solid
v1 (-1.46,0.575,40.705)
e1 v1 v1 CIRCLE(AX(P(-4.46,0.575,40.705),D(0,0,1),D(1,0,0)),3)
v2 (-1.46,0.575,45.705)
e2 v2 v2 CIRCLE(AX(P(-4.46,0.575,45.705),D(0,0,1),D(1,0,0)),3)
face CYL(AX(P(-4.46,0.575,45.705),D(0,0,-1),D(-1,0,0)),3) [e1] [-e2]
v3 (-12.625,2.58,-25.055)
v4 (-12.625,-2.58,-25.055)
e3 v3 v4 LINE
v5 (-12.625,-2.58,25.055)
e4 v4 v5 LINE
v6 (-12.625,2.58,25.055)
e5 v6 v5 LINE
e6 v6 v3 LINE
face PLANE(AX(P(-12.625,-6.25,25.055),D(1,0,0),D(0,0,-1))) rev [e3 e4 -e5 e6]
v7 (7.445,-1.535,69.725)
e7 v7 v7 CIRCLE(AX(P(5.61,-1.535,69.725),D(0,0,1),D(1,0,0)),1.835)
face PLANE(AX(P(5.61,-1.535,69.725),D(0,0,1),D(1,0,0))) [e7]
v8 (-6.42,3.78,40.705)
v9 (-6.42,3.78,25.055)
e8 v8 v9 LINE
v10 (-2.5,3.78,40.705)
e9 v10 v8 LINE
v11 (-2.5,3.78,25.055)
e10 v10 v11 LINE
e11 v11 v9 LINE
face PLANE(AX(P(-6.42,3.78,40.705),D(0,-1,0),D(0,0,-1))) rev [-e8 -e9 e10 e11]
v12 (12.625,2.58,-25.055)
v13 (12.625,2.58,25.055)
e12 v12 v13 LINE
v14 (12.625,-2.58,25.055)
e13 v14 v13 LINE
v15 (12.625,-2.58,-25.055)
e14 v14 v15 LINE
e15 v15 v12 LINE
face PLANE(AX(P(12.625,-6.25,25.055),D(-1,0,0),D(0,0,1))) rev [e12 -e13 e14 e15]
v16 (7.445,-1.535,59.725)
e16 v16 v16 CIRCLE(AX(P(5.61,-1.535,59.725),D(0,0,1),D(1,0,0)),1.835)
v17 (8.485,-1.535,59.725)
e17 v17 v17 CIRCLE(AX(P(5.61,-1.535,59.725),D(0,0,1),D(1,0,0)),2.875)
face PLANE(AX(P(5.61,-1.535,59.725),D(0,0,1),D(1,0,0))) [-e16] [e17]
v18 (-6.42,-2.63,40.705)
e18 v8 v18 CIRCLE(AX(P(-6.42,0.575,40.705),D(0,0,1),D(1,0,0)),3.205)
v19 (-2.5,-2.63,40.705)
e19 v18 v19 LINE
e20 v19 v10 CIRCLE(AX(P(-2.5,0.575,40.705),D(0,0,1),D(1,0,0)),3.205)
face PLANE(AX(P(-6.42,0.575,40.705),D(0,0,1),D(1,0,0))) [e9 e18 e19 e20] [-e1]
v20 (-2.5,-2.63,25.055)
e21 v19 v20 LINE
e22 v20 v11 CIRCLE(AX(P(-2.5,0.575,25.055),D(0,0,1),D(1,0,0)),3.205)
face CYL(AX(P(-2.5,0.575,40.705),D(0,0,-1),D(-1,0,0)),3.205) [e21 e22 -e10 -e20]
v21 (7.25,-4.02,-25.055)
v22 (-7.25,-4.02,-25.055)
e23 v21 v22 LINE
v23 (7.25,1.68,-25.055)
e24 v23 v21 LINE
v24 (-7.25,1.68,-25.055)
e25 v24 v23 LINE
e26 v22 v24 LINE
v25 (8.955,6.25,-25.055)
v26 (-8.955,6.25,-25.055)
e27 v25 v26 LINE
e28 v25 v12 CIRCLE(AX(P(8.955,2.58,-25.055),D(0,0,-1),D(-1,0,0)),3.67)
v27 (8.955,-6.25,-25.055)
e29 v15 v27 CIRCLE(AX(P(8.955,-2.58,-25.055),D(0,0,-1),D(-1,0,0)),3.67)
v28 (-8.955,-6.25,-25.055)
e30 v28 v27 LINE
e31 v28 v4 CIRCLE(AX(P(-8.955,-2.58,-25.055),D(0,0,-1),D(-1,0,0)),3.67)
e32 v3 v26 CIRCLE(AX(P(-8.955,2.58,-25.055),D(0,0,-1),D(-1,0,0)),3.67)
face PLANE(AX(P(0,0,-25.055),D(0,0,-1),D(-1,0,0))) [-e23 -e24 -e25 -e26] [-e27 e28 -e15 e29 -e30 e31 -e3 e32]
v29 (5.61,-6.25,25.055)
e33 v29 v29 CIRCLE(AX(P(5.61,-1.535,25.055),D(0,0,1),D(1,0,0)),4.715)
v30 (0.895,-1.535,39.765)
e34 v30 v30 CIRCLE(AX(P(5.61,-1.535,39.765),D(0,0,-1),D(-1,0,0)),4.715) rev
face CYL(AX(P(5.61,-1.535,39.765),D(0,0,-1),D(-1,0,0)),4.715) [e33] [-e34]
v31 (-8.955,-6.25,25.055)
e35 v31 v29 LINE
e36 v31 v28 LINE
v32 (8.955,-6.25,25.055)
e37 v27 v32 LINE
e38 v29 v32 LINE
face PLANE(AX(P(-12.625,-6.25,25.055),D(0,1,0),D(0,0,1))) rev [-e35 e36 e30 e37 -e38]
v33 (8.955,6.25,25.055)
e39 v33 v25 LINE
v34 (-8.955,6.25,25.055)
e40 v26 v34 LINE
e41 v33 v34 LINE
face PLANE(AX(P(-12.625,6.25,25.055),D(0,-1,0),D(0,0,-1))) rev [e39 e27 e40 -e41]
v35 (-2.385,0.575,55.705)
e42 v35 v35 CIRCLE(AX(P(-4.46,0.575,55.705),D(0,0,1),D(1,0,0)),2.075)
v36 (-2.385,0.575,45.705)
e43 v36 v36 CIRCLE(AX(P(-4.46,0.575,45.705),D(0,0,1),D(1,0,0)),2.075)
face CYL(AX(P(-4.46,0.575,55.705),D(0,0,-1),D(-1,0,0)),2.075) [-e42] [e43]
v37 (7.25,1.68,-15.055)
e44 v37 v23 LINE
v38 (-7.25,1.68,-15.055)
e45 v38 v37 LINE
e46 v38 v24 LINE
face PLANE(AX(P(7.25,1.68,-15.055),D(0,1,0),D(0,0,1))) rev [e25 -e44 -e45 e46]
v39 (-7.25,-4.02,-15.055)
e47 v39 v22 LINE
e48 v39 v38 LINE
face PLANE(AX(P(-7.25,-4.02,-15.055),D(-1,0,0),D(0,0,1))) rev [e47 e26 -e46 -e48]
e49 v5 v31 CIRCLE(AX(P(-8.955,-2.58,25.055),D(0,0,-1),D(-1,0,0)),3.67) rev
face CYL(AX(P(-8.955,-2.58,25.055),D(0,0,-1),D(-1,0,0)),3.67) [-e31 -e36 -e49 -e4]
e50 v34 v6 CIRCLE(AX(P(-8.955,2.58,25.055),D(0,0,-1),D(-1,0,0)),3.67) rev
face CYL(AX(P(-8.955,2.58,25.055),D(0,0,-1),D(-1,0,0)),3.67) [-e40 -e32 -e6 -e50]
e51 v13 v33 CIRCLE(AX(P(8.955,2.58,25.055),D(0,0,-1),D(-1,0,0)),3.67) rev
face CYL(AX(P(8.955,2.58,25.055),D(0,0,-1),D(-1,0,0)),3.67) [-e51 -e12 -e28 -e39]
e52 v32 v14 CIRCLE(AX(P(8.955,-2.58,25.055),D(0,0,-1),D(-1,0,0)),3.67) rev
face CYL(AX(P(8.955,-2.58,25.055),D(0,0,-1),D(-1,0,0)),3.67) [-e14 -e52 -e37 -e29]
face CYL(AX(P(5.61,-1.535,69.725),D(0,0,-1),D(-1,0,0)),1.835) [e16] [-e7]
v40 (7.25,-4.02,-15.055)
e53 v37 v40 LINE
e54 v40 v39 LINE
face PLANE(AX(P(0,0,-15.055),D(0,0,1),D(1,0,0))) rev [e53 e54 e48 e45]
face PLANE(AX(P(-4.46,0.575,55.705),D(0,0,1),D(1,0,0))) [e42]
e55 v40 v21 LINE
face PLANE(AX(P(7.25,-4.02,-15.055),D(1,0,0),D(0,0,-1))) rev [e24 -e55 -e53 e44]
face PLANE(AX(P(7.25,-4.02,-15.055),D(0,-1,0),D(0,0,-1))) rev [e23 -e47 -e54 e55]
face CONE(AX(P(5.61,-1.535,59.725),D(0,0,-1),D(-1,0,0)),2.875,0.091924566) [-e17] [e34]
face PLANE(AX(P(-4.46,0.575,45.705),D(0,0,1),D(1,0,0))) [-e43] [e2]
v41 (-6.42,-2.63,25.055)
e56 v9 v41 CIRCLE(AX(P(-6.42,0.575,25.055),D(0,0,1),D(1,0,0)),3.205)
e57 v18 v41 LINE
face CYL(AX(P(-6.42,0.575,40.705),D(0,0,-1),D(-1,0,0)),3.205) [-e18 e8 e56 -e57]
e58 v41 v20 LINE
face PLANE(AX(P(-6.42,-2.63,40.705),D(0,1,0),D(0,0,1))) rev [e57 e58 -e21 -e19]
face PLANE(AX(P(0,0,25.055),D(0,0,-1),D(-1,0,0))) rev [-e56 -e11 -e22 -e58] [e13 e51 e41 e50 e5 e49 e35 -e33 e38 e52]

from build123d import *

# Parameters (mm, degrees)
SKETCH1_W           = 25.25
SKETCH1_H           = 12.5
BOSS_EXTRUDE1_DEPTH = 25.055
SKETCH2_W           = 14.5
SKETCH2_H           = 5.7
CUT_EXTRUDE1_DEPTH  = 10
BOSS_EXTRUDE2_DEPTH = 15.65
SKETCH4_R           = 4.715
BOSS_EXTRUDE3_DEPTH = 14.71
SKETCH5_R           = 2.875
SKETCH6_R           = 1.835
BOSS_EXTRUDE4_DEPTH = 10
SKETCH7_R           = 3
BOSS_EXTRUDE5_DEPTH = 5
SKETCH8_R           = 2.075
BOSS_EXTRUDE6_DEPTH = 10
FILLET1_R           = 3.67


with BuildPart() as part:
    # Sketch1 → Boss-Extrude1 (new, symmetric)
    with BuildSketch(Plane.XY):
        Rectangle(SKETCH1_W, SKETCH1_H)
    extrude(amount=BOSS_EXTRUDE1_DEPTH, both=True)

    # Sketch2 → Cut-Extrude1 (cut)
    with BuildSketch(Plane(origin=(0, 0, -25.055), x_dir=(-1, 0, 0), z_dir=(0, 0, -1))):
        with Locations((0, -1.17)):
            Rectangle(SKETCH2_W, SKETCH2_H)
    extrude(amount=-CUT_EXTRUDE1_DEPTH, mode=Mode.SUBTRACT)

    # Sketch3 → Boss-Extrude2 (add)
    with BuildSketch(Plane.XY.offset(25.055)):
        with BuildLine():
            Line((-6.42, 3.78), (-2.5, 3.78))
            ThreePointArc((-2.5, 3.78), (0.705, 0.575), (-2.5, -2.63))
            Line((-2.5, -2.63), (-6.42, -2.63))
            ThreePointArc((-6.42, -2.63), (-9.625, 0.575), (-6.42, 3.78))
        make_face()
    extrude(amount=BOSS_EXTRUDE2_DEPTH)

    # Sketch4 → Boss-Extrude3 (add)
    with BuildSketch(Plane.XY.offset(25.055)):
        with Locations(Location((5.61, -1.535, 0), (0, 0, 270))):
            Circle(SKETCH4_R)
    extrude(amount=BOSS_EXTRUDE3_DEPTH)

    # Sketch5 → section 1 of loft1
    with BuildSketch(Plane.XY.offset(59.725), mode=Mode.PRIVATE) as loft1_s1:
        with Locations((5.61, -1.535)):
            Circle(SKETCH5_R)
    # loft from a face of the part (loft1)
    loft([part.faces().sort_by_distance((5.61, -1.535, 39.765))[0], loft1_s1.sketch])

    # Sketch6 → Boss-Extrude4 (add)
    with BuildSketch(Plane.XY.offset(59.725)):
        with Locations((5.61, -1.535)):
            Circle(SKETCH6_R)
    extrude(amount=BOSS_EXTRUDE4_DEPTH)

    # Sketch7 → Boss-Extrude5 (add)
    with BuildSketch(Plane.XY.offset(40.705)):
        with Locations((-4.46, 0.575)):
            Circle(SKETCH7_R)
    extrude(amount=BOSS_EXTRUDE5_DEPTH)

    # Sketch8 → Boss-Extrude6 (add)
    with BuildSketch(Plane.XY.offset(45.705)):
        with Locations((-4.46, 0.575)):
            Circle(SKETCH8_R)
    extrude(amount=BOSS_EXTRUDE6_DEPTH)

    # Fillet1
    fillet1_edges = [part.edges().sort_by_distance(p)[0] for p in [
        (12.625, -6.25, 0),
        (-12.625, -6.25, 0),
        (-12.625, 6.25, 0),
        (12.625, 6.25, 0),
    ]]
    fillet(fillet1_edges, radius=FILLET1_R)


solid = part.part
